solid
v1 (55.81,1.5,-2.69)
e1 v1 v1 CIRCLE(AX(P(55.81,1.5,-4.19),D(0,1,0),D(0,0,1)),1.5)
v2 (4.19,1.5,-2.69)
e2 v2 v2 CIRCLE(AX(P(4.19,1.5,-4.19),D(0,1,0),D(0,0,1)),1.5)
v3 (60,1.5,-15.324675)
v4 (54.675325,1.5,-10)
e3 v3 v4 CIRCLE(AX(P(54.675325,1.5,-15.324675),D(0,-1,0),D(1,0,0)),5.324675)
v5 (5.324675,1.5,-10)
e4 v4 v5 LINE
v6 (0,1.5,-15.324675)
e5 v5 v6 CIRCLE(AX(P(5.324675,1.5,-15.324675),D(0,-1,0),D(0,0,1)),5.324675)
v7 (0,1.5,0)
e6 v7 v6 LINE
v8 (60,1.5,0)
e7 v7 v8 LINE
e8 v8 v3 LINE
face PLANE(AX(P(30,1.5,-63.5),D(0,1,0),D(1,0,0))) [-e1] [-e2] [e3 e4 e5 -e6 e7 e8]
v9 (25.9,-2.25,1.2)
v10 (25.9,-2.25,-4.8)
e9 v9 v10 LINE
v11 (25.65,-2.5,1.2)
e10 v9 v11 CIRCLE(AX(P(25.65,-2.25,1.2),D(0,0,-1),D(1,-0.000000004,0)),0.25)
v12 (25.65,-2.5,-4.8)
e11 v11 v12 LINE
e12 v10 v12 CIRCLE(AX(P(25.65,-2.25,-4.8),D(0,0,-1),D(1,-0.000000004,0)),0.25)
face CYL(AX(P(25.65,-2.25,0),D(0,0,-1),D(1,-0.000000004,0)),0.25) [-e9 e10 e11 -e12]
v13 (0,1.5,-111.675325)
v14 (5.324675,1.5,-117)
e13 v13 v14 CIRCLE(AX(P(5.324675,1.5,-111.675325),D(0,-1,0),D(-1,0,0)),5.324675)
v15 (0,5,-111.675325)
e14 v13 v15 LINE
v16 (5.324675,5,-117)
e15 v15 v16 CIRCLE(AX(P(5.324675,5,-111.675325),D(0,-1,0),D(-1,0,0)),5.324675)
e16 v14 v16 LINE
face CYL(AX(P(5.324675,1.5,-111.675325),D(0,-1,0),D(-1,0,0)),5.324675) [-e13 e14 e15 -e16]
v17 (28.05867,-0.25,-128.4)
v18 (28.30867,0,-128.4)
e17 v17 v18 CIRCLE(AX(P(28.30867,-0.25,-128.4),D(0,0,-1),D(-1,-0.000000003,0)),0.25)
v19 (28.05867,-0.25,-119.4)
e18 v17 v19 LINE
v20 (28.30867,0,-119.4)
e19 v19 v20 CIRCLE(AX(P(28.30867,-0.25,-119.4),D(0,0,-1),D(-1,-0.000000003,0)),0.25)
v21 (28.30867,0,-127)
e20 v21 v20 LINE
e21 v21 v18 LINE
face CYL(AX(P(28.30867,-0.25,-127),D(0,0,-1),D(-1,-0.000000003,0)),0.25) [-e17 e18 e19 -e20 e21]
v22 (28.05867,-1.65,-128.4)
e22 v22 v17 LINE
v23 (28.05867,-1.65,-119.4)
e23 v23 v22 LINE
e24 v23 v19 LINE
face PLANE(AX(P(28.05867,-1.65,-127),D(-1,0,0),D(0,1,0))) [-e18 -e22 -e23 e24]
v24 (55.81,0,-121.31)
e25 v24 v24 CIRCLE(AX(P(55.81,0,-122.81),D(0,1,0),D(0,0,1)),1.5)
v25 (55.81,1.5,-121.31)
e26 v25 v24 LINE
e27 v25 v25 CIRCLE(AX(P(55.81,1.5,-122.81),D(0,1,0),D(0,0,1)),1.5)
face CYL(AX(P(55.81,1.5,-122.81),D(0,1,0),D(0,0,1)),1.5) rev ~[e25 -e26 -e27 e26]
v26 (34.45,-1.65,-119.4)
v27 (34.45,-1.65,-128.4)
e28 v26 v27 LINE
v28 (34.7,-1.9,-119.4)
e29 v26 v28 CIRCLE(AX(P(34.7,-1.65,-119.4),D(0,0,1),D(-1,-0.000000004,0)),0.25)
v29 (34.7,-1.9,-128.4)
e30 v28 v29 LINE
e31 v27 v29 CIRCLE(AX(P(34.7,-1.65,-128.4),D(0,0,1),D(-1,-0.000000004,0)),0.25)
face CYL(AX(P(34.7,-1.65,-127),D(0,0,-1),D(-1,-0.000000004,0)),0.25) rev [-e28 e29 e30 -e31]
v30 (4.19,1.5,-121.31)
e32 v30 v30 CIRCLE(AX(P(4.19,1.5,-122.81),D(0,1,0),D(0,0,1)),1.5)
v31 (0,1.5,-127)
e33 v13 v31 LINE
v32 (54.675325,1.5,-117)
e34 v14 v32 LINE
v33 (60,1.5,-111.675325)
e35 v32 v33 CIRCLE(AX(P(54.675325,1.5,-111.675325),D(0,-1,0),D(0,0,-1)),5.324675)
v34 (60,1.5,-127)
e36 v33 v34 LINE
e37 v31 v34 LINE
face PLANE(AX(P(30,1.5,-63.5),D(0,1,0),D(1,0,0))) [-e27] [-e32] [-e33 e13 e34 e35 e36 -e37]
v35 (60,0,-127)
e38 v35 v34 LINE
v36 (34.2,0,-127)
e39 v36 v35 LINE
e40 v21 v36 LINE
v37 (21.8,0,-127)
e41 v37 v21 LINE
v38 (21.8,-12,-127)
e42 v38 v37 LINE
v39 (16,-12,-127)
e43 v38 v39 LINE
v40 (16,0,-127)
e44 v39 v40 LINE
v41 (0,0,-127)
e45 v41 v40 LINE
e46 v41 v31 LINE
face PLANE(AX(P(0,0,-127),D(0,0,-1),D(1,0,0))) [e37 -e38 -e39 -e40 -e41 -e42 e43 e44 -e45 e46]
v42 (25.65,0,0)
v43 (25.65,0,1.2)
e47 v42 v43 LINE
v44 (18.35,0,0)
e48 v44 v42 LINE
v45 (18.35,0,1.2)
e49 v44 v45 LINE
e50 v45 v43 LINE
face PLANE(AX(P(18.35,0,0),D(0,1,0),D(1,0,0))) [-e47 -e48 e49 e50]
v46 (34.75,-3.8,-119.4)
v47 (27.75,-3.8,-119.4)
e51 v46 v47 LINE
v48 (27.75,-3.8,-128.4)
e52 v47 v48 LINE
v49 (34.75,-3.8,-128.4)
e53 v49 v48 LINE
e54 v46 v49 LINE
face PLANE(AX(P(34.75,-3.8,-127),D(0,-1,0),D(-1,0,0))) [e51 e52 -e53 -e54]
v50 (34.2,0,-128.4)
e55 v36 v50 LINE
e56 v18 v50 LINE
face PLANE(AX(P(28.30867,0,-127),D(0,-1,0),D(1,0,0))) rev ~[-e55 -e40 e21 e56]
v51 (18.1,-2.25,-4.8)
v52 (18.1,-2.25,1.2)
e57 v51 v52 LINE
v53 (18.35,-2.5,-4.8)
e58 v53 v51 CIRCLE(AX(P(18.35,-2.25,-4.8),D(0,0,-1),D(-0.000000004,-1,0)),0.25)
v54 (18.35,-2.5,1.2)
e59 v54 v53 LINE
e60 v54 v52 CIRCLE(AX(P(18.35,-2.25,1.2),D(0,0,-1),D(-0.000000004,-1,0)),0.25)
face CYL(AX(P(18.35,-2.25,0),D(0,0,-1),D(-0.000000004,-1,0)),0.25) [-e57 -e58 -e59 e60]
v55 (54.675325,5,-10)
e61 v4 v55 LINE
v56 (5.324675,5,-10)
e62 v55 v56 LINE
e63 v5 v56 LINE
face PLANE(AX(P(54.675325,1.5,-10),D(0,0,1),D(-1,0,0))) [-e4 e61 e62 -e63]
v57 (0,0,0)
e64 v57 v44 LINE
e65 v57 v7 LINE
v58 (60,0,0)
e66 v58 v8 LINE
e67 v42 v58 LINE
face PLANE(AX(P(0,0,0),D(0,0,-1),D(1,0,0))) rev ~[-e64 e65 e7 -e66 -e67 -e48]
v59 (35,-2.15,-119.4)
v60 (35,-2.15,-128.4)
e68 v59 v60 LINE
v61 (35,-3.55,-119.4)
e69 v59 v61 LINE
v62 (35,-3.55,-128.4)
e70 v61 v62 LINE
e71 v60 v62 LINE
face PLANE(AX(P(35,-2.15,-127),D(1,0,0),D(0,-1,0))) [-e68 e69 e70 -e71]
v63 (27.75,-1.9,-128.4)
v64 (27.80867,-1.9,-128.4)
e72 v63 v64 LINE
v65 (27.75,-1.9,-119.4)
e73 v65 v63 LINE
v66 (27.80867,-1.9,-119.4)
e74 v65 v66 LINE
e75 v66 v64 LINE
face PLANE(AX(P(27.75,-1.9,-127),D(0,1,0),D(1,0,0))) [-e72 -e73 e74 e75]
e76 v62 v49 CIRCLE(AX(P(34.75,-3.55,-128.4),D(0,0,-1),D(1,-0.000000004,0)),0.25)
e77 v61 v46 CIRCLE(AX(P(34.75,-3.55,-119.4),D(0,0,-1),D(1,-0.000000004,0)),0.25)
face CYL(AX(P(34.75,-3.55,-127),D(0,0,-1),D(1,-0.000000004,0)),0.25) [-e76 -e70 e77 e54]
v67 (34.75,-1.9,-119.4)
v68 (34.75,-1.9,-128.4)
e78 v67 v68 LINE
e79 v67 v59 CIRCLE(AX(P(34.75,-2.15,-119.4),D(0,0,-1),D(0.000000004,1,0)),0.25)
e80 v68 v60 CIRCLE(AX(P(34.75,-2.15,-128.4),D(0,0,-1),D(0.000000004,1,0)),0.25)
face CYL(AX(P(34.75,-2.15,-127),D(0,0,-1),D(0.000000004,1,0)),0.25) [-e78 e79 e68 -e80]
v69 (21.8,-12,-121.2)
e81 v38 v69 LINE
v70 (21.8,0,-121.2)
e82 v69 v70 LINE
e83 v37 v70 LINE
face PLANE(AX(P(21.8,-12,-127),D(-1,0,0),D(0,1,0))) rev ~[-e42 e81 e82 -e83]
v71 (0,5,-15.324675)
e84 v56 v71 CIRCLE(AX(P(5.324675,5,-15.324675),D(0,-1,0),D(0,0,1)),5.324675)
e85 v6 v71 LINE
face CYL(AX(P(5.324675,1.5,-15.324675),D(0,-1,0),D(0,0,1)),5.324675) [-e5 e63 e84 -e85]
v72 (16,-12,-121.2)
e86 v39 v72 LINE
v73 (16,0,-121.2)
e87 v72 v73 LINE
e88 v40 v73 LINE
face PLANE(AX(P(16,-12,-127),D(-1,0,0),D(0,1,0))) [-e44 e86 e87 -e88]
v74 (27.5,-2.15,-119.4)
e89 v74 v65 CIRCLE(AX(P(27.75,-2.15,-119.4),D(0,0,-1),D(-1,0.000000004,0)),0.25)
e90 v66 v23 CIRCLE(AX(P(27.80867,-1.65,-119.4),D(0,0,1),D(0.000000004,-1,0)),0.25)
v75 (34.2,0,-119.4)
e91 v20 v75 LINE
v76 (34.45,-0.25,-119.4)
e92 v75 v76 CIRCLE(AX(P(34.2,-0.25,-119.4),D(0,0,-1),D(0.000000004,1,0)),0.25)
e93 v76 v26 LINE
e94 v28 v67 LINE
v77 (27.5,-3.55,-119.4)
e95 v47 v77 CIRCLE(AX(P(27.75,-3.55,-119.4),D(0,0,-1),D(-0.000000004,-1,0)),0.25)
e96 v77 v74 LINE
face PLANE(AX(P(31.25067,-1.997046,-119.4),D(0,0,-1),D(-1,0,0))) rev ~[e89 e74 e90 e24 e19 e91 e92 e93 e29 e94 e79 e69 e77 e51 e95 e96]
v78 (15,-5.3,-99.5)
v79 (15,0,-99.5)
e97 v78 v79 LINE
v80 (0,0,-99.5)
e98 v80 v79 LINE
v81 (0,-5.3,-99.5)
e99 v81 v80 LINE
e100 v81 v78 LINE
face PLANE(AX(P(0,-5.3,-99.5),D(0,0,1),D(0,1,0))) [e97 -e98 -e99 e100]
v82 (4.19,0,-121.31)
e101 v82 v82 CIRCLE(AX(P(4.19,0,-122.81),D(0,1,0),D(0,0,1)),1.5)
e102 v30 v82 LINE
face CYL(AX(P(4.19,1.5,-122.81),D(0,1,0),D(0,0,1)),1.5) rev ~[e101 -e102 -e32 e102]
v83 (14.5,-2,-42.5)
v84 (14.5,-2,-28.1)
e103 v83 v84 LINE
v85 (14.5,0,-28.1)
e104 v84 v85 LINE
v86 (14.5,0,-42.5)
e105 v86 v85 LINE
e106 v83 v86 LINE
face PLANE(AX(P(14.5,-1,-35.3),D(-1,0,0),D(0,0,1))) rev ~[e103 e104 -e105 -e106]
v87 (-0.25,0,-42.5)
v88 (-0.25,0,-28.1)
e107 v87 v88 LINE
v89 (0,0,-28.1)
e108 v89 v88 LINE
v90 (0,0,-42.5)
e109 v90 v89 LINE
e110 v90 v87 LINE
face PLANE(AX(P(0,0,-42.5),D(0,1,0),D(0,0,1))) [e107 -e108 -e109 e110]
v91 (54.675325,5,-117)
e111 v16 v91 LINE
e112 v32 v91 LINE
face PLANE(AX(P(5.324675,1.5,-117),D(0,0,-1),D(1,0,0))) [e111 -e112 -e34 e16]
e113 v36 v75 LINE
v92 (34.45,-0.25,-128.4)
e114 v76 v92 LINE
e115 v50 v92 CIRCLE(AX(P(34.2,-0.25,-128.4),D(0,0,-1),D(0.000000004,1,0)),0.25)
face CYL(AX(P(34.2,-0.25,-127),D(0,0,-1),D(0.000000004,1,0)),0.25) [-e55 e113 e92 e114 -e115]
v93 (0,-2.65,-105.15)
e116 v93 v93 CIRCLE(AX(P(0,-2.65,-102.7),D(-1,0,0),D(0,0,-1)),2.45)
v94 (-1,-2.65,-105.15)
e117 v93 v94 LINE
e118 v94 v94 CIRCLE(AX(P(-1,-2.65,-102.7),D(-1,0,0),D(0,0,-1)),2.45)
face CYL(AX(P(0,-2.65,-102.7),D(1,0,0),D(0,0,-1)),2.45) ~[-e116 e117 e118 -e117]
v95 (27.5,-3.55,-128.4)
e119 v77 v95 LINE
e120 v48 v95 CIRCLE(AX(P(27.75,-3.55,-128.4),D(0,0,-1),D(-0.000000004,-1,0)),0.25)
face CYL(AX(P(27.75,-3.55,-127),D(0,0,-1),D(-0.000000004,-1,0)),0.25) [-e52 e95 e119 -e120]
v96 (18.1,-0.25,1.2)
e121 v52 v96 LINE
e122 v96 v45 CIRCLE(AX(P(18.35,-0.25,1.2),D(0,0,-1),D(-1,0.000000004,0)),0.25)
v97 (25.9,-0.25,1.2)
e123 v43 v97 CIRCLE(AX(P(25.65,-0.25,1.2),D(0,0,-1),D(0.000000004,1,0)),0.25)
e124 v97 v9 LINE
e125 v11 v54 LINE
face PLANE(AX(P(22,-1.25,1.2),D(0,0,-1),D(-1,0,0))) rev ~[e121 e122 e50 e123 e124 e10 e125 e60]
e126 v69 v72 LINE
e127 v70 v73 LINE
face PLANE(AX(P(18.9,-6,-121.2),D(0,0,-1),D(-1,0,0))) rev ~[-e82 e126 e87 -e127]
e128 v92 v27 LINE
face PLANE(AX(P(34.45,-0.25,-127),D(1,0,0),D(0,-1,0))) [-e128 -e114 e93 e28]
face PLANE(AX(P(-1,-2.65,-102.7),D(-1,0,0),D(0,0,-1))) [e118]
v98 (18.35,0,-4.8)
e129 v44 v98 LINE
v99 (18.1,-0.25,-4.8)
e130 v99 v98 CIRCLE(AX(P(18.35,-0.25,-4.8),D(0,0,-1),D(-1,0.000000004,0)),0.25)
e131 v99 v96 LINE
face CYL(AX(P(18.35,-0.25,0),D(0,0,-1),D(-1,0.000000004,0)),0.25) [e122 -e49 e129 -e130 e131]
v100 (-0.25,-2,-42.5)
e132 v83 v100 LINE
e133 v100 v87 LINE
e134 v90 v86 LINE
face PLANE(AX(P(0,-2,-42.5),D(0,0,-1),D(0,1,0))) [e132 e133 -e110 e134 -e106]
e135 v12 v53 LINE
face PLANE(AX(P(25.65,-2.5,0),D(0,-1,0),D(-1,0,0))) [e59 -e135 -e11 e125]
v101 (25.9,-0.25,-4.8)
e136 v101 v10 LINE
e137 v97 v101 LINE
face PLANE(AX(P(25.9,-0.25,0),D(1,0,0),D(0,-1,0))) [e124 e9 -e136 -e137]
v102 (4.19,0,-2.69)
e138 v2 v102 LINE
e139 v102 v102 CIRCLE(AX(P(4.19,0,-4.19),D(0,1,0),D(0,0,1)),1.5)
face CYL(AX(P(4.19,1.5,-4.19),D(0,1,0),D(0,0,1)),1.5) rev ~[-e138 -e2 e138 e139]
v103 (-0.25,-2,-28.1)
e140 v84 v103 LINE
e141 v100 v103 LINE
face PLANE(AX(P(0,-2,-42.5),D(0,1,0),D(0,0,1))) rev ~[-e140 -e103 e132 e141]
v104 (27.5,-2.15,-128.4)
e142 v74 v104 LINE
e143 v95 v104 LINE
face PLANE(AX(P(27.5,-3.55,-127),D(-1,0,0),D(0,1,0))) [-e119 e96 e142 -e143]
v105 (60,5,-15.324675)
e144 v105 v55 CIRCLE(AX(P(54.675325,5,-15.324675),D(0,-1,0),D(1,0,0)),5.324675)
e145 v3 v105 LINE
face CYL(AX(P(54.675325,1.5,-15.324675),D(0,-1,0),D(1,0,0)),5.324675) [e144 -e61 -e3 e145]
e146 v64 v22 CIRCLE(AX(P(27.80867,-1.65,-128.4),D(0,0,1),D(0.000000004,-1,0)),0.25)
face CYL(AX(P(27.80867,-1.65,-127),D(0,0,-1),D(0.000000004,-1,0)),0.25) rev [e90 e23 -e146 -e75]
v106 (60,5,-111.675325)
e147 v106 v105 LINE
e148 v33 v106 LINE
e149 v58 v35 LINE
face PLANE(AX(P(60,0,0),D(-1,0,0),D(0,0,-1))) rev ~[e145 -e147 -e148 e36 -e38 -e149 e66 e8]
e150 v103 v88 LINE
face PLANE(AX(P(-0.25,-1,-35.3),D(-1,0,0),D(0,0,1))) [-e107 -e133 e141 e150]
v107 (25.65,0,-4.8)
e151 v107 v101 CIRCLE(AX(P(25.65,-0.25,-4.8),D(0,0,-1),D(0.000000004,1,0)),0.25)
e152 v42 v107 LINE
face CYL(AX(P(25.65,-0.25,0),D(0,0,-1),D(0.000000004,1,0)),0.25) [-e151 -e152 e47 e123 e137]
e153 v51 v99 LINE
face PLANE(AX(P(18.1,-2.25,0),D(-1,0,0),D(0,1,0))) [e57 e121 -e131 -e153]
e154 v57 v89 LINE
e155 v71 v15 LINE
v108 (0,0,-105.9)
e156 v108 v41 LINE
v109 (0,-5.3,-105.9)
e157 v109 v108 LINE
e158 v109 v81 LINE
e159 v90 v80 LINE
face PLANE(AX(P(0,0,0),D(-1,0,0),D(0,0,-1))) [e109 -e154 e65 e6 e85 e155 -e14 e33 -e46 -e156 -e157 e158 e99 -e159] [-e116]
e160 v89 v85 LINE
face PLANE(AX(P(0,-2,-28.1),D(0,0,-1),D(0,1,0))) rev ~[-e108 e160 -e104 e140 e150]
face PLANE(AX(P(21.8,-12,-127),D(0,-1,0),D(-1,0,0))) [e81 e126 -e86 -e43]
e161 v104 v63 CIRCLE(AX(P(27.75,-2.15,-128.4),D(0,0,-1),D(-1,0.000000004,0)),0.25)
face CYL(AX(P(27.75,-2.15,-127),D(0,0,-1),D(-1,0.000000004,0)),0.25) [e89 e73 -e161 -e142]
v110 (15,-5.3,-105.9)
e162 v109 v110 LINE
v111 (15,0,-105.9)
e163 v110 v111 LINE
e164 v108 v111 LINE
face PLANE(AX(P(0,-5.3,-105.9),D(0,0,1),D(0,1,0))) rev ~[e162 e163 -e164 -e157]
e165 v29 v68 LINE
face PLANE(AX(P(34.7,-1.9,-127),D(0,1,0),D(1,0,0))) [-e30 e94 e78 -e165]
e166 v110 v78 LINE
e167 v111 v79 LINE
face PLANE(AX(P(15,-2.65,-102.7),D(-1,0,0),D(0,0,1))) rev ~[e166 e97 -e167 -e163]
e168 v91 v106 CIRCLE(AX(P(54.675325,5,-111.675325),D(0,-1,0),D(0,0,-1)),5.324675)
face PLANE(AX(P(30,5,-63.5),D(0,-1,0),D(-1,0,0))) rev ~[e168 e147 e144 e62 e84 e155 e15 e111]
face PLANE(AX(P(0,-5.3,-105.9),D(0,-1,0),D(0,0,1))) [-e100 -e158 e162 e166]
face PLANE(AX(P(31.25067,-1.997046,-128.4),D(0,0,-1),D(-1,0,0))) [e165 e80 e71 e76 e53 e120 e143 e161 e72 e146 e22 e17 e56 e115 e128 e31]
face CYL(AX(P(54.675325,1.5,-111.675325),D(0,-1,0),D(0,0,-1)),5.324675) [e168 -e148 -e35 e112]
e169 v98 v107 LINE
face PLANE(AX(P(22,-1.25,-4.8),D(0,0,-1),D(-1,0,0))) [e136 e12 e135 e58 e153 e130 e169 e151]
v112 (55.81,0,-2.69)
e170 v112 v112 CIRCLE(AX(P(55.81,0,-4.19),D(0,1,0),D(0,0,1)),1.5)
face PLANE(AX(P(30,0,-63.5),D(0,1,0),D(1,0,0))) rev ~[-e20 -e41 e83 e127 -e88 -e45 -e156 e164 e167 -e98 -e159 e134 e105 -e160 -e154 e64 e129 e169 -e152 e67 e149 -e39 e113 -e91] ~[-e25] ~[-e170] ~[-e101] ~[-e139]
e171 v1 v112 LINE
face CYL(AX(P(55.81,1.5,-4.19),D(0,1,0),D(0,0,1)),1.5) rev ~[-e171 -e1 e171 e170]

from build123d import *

# Parameters (mm, degrees)
SKETCH1_W            = 60
SKETCH1_H            = 127
BOSS_EXTRUDE1_DEPTH  = 1.5
CUT_EXTRUDE1_REACH   = 142.468
SKETCH2_R            = 1.5
BOSS_EXTRUDE2_DEPTH  = 3.5
BOSS_EXTRUDE3_DEPTH  = 4.8
BOSS_EXTRUDE4_DEPTH  = 1.2
SKETCH5_W            = 14.4
SKETCH5_H            = 2
BOSS_EXTRUDE5_DEPTH  = 14.5
BOSS_EXTRUDE6_DEPTH  = 1.4
BOSS_EXTRUDE7_DEPTH  = 7.6
SKETCH7_W            = 6.4
SKETCH7_H            = 5.3
BOSS_EXTRUDE8_DEPTH  = 15
SKETCH8_R            = 2.45
BOSS_EXTRUDE9_DEPTH  = 1
SKETCH5_2_W          = 14.4
SKETCH5_2_H          = 2
BOSS_EXTRUDE10_DEPTH = 0.25
SKETCH9_W            = 5.8
SKETCH9_H            = 12
BOSS_EXTRUDE11_DEPTH = 5.8


with BuildPart() as part:
    # Sketch1 → Boss-Extrude1 (new body)
    with BuildSketch(Plane(origin=(0, 0, 0), x_dir=(1, 0, 0), z_dir=(0, 1, 0))):
        with Locations((30, 63.5)):
            Rectangle(SKETCH1_W, SKETCH1_H)
    extrude(amount=BOSS_EXTRUDE1_DEPTH)

    # Sketch2 → Cut-Extrude1 (cut, up to next)
    with BuildSketch(Plane(origin=(0, 1.5, 0), x_dir=(1, 0, 0), z_dir=(0, 1, 0)), mode=Mode.PRIVATE) as cut_extrude1_sk1:
        with Locations((4.19, 122.81)):
            Circle(SKETCH2_R)
    cut_extrude1_tool1 = extrude(cut_extrude1_sk1.sketch, amount=-CUT_EXTRUDE1_REACH, mode=Mode.PRIVATE) & part.part
    # Sketch2 → Cut-Extrude1 (cut, up to next)
    with BuildSketch(Plane(origin=(0, 1.5, 0), x_dir=(1, 0, 0), z_dir=(0, 1, 0)), mode=Mode.PRIVATE) as cut_extrude1_sk2:
        with Locations((55.81, 122.81)):
            Circle(SKETCH2_R)
    cut_extrude1_tool2 = extrude(cut_extrude1_sk2.sketch, amount=-CUT_EXTRUDE1_REACH, mode=Mode.PRIVATE) & part.part
    # Sketch2 → Cut-Extrude1 (cut, up to next)
    with BuildSketch(Plane(origin=(0, 1.5, 0), x_dir=(1, 0, 0), z_dir=(0, 1, 0)), mode=Mode.PRIVATE) as cut_extrude1_sk3:
        with Locations((4.19, 4.19)):
            Circle(SKETCH2_R)
    cut_extrude1_tool3 = extrude(cut_extrude1_sk3.sketch, amount=-CUT_EXTRUDE1_REACH, mode=Mode.PRIVATE) & part.part
    # Sketch2 → Cut-Extrude1 (cut, up to next)
    with BuildSketch(Plane(origin=(0, 1.5, 0), x_dir=(1, 0, 0), z_dir=(0, 1, 0)), mode=Mode.PRIVATE) as cut_extrude1_sk4:
        with Locations((55.81, 4.19)):
            Circle(SKETCH2_R)
    cut_extrude1_tool4 = extrude(cut_extrude1_sk4.sketch, amount=-CUT_EXTRUDE1_REACH, mode=Mode.PRIVATE) & part.part
    add(cut_extrude1_tool1.solids().sort_by_distance((4.19, 1.5, -122.81))[0], mode=Mode.SUBTRACT)
    add(cut_extrude1_tool2.solids().sort_by_distance((55.81, 1.5, -122.81))[0], mode=Mode.SUBTRACT)
    add(cut_extrude1_tool3.solids().sort_by_distance((4.19, 1.5, -4.19))[0], mode=Mode.SUBTRACT)
    add(cut_extrude1_tool4.solids().sort_by_distance((55.81, 1.5, -4.19))[0], mode=Mode.SUBTRACT)

    # Sketch3 → Boss-Extrude2 (add)
    with BuildSketch(Plane(origin=(0, 1.5, 0), x_dir=(1, 0, 0), z_dir=(0, 1, 0))):
        with BuildLine():
            Line((5.324675365, 117), (54.675324635, 117))
            ThreePointArc((54.675324635, 117), (58.440438693, 115.440438693), (60, 111.675324635))
            Line((60, 111.675324635), (60, 15.324675365))
            ThreePointArc((60, 15.324675365), (58.440438693, 11.559561307), (54.675324635, 10))
            Line((54.675324635, 10), (5.324675365, 10))
            ThreePointArc((5.324675365, 10), (1.559561307, 11.559561307), (0, 15.324675365))
            Line((0, 15.324675365), (0, 111.675324635))
            ThreePointArc((0, 111.675324635), (1.559561307, 115.440438693), (5.324675365, 117))
        make_face()
    extrude(amount=BOSS_EXTRUDE2_DEPTH)



with BuildPart() as body_2:
    # Sketch4 → Boss-Extrude3 (new body)
    with BuildSketch(Plane.XY):
        with BuildLine():
            Line((18.35, 0), (25.65, 0))
            ThreePointArc((25.65, 0), (25.826776695, -0.073223305), (25.9, -0.25))
            Line((25.9, -0.25), (25.9, -2.25))
            ThreePointArc((25.9, -2.25), (25.826776695, -2.426776695), (25.65, -2.5))
            Line((25.65, -2.5), (18.35, -2.5))
            ThreePointArc((18.35, -2.5), (18.173223305, -2.426776695), (18.1, -2.25))
            Line((18.1, -2.25), (18.1, -0.25))
            ThreePointArc((18.1, -0.25), (18.173223305, -0.073223305), (18.35, 0))
        make_face()
    extrude(amount=-BOSS_EXTRUDE3_DEPTH)


with BuildPart() as part_1:
    add(part.part)

    add(body_2.part)  # Boss-Extrude4 merges body 2
    # Sketch4<2> → Boss-Extrude4 (add)
    with BuildSketch(Plane.XY):
        with BuildLine():
            Line((18.35, 0), (25.65, 0))
            ThreePointArc((25.65, 0), (25.826776695, -0.073223305), (25.9, -0.25))
            Line((25.9, -0.25), (25.9, -2.25))
            ThreePointArc((25.9, -2.25), (25.826776695, -2.426776695), (25.65, -2.5))
            Line((25.65, -2.5), (18.35, -2.5))
            ThreePointArc((18.35, -2.5), (18.173223305, -2.426776695), (18.1, -2.25))
            Line((18.1, -2.25), (18.1, -0.25))
            ThreePointArc((18.1, -0.25), (18.173223305, -0.073223305), (18.35, 0))
        make_face()
    extrude(amount=BOSS_EXTRUDE4_DEPTH)

    # Sketch5 → Boss-Extrude5 (add)
    with BuildSketch(Plane.ZY):
        with Locations((-35.3, -1)):
            Rectangle(SKETCH5_W, SKETCH5_H)
    extrude(amount=-BOSS_EXTRUDE5_DEPTH)



with BuildPart() as body_2_2:
    # Sketch6 → Boss-Extrude6 (new body)
    with BuildSketch(Plane(origin=(0, 0, -127), x_dir=(-1, 0, 0), z_dir=(0, 0, -1))):
        with BuildLine():
            Line((-28.308670428, 0), (-34.2, 0))
            ThreePointArc((-34.2, 0), (-34.376776695, -0.073223305), (-34.45, -0.25))
            Line((-34.45, -0.25), (-34.45, -1.65))
            ThreePointArc((-34.45, -1.65), (-34.523223305, -1.826776695), (-34.7, -1.9))
            Line((-34.7, -1.9), (-34.75, -1.9))
            ThreePointArc((-34.75, -1.9), (-34.926776695, -1.973223305), (-35, -2.15))
            Line((-35, -2.15), (-35, -3.55))
            ThreePointArc((-35, -3.55), (-34.926776695, -3.726776695), (-34.75, -3.8))
            Line((-34.75, -3.8), (-27.75, -3.8))
            ThreePointArc((-27.75, -3.8), (-27.573223305, -3.726776695), (-27.5, -3.55))
            Line((-27.5, -3.55), (-27.5, -2.15))
            ThreePointArc((-27.5, -2.15), (-27.573223305, -1.973223305), (-27.75, -1.9))
            Line((-27.75, -1.9), (-27.808670428, -1.9))
            ThreePointArc((-27.808670428, -1.9), (-27.985447123, -1.826776695), (-28.058670428, -1.65))
            Line((-28.058670428, -1.65), (-28.058670428, -0.25))
            ThreePointArc((-28.058670428, -0.25), (-28.131893732, -0.073223305), (-28.308670428, 0))
        make_face()
    extrude(amount=BOSS_EXTRUDE6_DEPTH)


with BuildPart() as part_2:
    add(part_1.part)

    add(body_2_2.part)  # Boss-Extrude7 merges body 2 2
    # Sketch6<3> → Boss-Extrude7 (add)
    with BuildSketch(Plane(origin=(0, 0, -127), x_dir=(-1, 0, 0), z_dir=(0, 0, -1))):
        with BuildLine():
            Line((-28.308670428, 0), (-34.2, 0))
            ThreePointArc((-34.2, 0), (-34.376776695, -0.073223305), (-34.45, -0.25))
            Line((-34.45, -0.25), (-34.45, -1.65))
            ThreePointArc((-34.45, -1.65), (-34.523223305, -1.826776695), (-34.7, -1.9))
            Line((-34.7, -1.9), (-34.75, -1.9))
            ThreePointArc((-34.75, -1.9), (-34.926776695, -1.973223305), (-35, -2.15))
            Line((-35, -2.15), (-35, -3.55))
            ThreePointArc((-35, -3.55), (-34.926776695, -3.726776695), (-34.75, -3.8))
            Line((-34.75, -3.8), (-27.75, -3.8))
            ThreePointArc((-27.75, -3.8), (-27.573223305, -3.726776695), (-27.5, -3.55))
            Line((-27.5, -3.55), (-27.5, -2.15))
            ThreePointArc((-27.5, -2.15), (-27.573223305, -1.973223305), (-27.75, -1.9))
            Line((-27.75, -1.9), (-27.808670428, -1.9))
            ThreePointArc((-27.808670428, -1.9), (-27.985447123, -1.826776695), (-28.058670428, -1.65))
            Line((-28.058670428, -1.65), (-28.058670428, -0.25))
            ThreePointArc((-28.058670428, -0.25), (-28.131893732, -0.073223305), (-28.308670428, 0))
        make_face()
    extrude(amount=-BOSS_EXTRUDE7_DEPTH)

    # Sketch7 → Boss-Extrude8 (add)
    with BuildSketch(Plane.ZY):
        with Locations((-102.7, -2.65)):
            Rectangle(SKETCH7_W, SKETCH7_H)
    extrude(amount=-BOSS_EXTRUDE8_DEPTH)

    # Sketch8 → Boss-Extrude9 (add)
    with BuildSketch(Plane.ZY):
        with Locations((-102.7, -2.65)):
            Circle(SKETCH8_R)
    extrude(amount=BOSS_EXTRUDE9_DEPTH)

    # Sketch5<2> → Boss-Extrude10 (add)
    with BuildSketch(Plane.ZY):
        with Locations((-35.3, -1)):
            Rectangle(SKETCH5_2_W, SKETCH5_2_H)
    extrude(amount=BOSS_EXTRUDE10_DEPTH)

    # Sketch9 → Boss-Extrude11 (add)
    with BuildSketch(Plane(origin=(0, 0, -127), x_dir=(-1, 0, 0), z_dir=(0, 0, -1))):
        with Locations((-18.9, -6)):
            Rectangle(SKETCH9_W, SKETCH9_H)
    extrude(amount=-BOSS_EXTRUDE11_DEPTH)


solid = part_2.part
